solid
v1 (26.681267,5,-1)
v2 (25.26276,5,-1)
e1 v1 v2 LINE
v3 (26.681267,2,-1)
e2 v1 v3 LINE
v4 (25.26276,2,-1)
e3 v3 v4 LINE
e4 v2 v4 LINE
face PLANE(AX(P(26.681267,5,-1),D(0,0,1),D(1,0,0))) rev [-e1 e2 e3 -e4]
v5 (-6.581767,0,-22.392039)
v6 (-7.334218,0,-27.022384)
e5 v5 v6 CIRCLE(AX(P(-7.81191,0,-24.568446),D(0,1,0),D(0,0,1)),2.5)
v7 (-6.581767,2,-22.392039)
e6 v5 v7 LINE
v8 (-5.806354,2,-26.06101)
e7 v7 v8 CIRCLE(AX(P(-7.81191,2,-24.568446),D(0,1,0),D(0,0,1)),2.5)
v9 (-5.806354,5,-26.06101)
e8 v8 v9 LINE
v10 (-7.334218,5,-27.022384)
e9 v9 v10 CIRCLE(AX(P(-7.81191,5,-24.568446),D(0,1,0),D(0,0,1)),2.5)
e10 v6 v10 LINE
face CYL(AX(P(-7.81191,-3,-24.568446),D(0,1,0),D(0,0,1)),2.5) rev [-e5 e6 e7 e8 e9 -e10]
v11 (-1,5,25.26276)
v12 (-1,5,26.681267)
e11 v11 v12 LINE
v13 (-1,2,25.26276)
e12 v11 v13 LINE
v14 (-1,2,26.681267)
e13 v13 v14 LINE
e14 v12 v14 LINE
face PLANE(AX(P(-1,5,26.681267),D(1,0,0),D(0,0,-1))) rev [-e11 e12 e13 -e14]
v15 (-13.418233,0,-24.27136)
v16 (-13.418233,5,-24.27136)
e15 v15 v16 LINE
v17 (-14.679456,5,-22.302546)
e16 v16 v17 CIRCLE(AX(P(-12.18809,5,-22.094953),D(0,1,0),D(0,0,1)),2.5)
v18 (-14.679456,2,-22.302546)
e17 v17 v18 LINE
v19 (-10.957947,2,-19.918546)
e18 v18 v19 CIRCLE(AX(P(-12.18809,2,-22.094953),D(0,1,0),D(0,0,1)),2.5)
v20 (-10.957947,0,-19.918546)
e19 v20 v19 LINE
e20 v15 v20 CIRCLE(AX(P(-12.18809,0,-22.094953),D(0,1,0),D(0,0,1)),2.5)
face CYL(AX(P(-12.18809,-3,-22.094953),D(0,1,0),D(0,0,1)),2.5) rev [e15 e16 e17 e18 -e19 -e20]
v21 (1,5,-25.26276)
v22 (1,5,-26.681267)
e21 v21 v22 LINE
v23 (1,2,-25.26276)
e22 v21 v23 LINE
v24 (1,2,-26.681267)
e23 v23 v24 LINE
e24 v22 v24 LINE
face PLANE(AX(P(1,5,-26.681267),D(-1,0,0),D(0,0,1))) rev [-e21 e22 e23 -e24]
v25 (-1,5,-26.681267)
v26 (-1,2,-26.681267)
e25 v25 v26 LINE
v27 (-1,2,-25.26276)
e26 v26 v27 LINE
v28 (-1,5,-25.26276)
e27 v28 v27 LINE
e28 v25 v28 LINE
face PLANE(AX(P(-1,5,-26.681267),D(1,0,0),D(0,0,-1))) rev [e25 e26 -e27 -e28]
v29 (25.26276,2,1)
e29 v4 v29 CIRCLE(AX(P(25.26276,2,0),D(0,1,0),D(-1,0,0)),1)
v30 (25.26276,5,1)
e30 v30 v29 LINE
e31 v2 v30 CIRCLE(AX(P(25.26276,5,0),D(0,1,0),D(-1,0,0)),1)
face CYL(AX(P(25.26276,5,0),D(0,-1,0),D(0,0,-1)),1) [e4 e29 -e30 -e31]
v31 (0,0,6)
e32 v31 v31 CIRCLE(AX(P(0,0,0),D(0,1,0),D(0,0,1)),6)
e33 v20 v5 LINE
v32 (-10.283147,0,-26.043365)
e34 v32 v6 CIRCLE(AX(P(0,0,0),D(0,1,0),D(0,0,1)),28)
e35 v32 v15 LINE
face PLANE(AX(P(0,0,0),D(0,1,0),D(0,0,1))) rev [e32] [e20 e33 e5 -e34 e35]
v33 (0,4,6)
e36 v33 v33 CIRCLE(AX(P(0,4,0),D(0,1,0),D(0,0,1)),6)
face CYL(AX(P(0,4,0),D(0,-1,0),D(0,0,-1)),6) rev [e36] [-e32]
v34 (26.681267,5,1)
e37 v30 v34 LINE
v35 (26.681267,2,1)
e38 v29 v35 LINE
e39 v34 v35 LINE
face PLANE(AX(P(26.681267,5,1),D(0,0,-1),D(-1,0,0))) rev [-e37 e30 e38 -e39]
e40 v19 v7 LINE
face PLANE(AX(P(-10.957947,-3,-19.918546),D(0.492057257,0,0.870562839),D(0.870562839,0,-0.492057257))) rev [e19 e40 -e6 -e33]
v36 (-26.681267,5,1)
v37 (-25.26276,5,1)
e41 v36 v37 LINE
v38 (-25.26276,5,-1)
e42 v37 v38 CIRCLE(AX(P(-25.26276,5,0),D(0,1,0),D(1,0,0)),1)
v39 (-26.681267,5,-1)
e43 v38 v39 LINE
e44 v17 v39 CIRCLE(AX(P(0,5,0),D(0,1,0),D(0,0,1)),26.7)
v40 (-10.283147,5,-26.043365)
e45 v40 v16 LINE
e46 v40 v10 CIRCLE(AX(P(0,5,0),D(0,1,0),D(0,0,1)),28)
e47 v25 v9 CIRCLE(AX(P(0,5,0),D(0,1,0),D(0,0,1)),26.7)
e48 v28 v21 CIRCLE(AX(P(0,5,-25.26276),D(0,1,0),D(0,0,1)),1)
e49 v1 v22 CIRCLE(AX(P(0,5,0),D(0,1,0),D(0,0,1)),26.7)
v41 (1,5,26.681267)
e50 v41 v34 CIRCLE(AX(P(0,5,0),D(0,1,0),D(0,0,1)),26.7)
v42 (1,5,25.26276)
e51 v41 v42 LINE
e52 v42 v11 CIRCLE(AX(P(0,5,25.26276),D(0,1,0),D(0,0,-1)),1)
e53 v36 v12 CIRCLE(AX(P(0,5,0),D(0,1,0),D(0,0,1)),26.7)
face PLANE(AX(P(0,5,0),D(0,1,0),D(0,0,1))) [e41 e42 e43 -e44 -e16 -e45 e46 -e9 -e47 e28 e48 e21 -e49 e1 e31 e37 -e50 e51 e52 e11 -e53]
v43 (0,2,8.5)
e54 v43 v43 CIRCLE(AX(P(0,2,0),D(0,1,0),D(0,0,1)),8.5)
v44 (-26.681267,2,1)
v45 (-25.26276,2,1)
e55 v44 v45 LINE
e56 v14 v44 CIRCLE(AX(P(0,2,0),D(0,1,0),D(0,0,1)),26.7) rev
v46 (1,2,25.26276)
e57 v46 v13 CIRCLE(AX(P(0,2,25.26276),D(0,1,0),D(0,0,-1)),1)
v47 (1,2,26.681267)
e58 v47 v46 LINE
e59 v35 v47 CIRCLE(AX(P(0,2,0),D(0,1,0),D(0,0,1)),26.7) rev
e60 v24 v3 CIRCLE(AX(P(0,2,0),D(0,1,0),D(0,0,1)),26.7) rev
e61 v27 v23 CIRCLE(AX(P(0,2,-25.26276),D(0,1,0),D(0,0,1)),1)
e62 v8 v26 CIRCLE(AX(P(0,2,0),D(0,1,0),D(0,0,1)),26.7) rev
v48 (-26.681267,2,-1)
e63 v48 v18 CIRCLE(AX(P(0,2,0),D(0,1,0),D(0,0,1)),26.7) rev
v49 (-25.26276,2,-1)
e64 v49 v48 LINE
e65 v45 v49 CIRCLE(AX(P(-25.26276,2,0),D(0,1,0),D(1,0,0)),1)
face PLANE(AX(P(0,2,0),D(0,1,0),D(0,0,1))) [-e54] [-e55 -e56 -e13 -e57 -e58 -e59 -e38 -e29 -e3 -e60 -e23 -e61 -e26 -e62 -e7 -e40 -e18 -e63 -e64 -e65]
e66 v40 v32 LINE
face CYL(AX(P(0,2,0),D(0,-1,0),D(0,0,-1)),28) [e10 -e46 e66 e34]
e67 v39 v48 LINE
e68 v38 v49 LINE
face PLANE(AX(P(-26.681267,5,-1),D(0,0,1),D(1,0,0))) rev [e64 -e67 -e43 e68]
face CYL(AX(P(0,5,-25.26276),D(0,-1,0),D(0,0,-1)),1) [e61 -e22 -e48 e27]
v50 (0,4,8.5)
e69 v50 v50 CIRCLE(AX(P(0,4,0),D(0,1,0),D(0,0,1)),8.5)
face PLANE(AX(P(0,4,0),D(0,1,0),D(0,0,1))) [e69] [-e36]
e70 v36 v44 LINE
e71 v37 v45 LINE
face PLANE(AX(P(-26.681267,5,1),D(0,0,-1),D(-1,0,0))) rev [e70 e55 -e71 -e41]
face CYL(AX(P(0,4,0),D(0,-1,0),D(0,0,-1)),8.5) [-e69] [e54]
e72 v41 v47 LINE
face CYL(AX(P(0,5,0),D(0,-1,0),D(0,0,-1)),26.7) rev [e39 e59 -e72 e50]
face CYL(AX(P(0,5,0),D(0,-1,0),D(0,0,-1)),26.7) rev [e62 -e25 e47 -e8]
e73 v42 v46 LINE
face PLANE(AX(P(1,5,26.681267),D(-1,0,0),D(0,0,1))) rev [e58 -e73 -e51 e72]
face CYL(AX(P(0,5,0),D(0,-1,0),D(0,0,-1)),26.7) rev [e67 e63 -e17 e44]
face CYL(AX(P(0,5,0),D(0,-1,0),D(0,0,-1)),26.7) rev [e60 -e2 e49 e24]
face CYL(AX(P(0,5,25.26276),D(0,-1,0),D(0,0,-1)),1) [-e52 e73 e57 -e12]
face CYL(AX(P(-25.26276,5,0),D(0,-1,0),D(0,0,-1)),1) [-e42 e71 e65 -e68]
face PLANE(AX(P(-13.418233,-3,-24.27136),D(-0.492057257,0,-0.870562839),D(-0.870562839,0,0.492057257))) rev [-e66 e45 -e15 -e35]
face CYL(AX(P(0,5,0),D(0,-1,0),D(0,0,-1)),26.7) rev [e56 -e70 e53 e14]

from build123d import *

# Parameters (mm, degrees)
SKETCH_1_R               = 28
EXTRUDE_1_DEPTH          = 2
SKETCH_2_R               = 28
SKETCH_2_R_2             = 26.7
EXTRUDE_3_DEPTH          = 3
EXTRUDE_4_DEPTH          = 3
PATTERN_CIRCULAR_1_COUNT = 4
CUT_EXTRUDE_1_DEPTH      = 5
SKETCH_5_R               = 8.5
SKETCH_5_R_2             = 6
EXTRUDE_5_DEPTH          = 2
SKETCH_6_R               = 6
CUT_EXTRUDE_2_DEPTH      = 2.5


with BuildPart() as part:
    # 草图1 → 凸台-拉伸1 (new body)
    with BuildSketch(Plane(origin=(0, 0, 0), x_dir=(1, 0, 0), z_dir=(0, 1, 0))):
        with Locations(Location((0, 0, 0), (0, 0, 270))):
            Circle(SKETCH_1_R)
    extrude(amount=EXTRUDE_1_DEPTH)

    # 草图2 → 凸台-拉伸3 (add)
    with BuildSketch(Plane(origin=(0, 2, 0), x_dir=(1, 0, 0), z_dir=(0, 1, 0))):
        with Locations(Location((0, 0, 0), (0, 0, 270))):
            Circle(SKETCH_2_R)
        with Locations(Location((0, 0, 0), (0, 0, 270))):
            Circle(SKETCH_2_R_2, mode=Mode.SUBTRACT)
    extrude(amount=EXTRUDE_3_DEPTH)

    # 草图3 → 凸台-拉伸4 (add)
    with BuildSketch(Plane(origin=(0, 2, 0), x_dir=(1, 0, 0), z_dir=(0, 1, 0))):
        with BuildLine():
            Line((1, 26.681266836), (1, 25.262759823))
            ThreePointArc((1, 25.262759823), (0, 24.262759823), (-1, 25.262759823))
            Line((-1, 25.262759823), (-1, 26.681266836))
            ThreePointArc((-1, 26.681266836), (0, 26.7), (1, 26.681266836))
        make_face()
    extrude_4 = extrude(amount=EXTRUDE_4_DEPTH)

    # 阵列(圆周)1: 凸台-拉伸4 ×4 about axis
    pattern_circular_1_axis = Axis((0, 0, 0), (0, 1, 0))
    for i in range(1, PATTERN_CIRCULAR_1_COUNT):
        add(extrude_4.rotate(pattern_circular_1_axis, i * 360 / PATTERN_CIRCULAR_1_COUNT))

    # 草图4 → 切除-拉伸1 (cut, symmetric)
    with BuildSketch(Plane(origin=(0, 2, 0), x_dir=(1, 0, 0), z_dir=(0, 1, 0))):
        with BuildLine():
            Line((-13.418233233, 24.2713603), (-9.042053051, 26.744853446))
            ThreePointArc((-9.042053051, 26.744853446), (-5.635502812, 25.798589491), (-6.581766767, 22.392039253))
            Line((-6.581766767, 22.392039253), (-10.957946949, 19.918546106))
            ThreePointArc((-10.957946949, 19.918546106), (-14.364497188, 20.864810061), (-13.418233233, 24.2713603))
        make_face()
    extrude(amount=CUT_EXTRUDE_1_DEPTH, both=True, mode=Mode.SUBTRACT)

    # 草图5 → 凸台-拉伸5 (add)
    with BuildSketch(Plane(origin=(0, 2, 0), x_dir=(1, 0, 0), z_dir=(0, 1, 0))):
        with Locations(Location((0, 0, 0), (0, 0, 270))):
            Circle(SKETCH_5_R)
        with Locations(Location((0, 0, 0), (0, 0, 270))):
            Circle(SKETCH_5_R_2, mode=Mode.SUBTRACT)
    extrude(amount=EXTRUDE_5_DEPTH)

    # 草图6 → 切除-拉伸2 (cut, symmetric)
    with BuildSketch(Plane(origin=(0, 2, 0), x_dir=(1, 0, 0), z_dir=(0, 1, 0))):
        with Locations(Location((0, 0, 0), (0, 0, 270))):
            Circle(SKETCH_6_R)
    extrude(amount=CUT_EXTRUDE_2_DEPTH, both=True, mode=Mode.SUBTRACT)


solid = part.part
